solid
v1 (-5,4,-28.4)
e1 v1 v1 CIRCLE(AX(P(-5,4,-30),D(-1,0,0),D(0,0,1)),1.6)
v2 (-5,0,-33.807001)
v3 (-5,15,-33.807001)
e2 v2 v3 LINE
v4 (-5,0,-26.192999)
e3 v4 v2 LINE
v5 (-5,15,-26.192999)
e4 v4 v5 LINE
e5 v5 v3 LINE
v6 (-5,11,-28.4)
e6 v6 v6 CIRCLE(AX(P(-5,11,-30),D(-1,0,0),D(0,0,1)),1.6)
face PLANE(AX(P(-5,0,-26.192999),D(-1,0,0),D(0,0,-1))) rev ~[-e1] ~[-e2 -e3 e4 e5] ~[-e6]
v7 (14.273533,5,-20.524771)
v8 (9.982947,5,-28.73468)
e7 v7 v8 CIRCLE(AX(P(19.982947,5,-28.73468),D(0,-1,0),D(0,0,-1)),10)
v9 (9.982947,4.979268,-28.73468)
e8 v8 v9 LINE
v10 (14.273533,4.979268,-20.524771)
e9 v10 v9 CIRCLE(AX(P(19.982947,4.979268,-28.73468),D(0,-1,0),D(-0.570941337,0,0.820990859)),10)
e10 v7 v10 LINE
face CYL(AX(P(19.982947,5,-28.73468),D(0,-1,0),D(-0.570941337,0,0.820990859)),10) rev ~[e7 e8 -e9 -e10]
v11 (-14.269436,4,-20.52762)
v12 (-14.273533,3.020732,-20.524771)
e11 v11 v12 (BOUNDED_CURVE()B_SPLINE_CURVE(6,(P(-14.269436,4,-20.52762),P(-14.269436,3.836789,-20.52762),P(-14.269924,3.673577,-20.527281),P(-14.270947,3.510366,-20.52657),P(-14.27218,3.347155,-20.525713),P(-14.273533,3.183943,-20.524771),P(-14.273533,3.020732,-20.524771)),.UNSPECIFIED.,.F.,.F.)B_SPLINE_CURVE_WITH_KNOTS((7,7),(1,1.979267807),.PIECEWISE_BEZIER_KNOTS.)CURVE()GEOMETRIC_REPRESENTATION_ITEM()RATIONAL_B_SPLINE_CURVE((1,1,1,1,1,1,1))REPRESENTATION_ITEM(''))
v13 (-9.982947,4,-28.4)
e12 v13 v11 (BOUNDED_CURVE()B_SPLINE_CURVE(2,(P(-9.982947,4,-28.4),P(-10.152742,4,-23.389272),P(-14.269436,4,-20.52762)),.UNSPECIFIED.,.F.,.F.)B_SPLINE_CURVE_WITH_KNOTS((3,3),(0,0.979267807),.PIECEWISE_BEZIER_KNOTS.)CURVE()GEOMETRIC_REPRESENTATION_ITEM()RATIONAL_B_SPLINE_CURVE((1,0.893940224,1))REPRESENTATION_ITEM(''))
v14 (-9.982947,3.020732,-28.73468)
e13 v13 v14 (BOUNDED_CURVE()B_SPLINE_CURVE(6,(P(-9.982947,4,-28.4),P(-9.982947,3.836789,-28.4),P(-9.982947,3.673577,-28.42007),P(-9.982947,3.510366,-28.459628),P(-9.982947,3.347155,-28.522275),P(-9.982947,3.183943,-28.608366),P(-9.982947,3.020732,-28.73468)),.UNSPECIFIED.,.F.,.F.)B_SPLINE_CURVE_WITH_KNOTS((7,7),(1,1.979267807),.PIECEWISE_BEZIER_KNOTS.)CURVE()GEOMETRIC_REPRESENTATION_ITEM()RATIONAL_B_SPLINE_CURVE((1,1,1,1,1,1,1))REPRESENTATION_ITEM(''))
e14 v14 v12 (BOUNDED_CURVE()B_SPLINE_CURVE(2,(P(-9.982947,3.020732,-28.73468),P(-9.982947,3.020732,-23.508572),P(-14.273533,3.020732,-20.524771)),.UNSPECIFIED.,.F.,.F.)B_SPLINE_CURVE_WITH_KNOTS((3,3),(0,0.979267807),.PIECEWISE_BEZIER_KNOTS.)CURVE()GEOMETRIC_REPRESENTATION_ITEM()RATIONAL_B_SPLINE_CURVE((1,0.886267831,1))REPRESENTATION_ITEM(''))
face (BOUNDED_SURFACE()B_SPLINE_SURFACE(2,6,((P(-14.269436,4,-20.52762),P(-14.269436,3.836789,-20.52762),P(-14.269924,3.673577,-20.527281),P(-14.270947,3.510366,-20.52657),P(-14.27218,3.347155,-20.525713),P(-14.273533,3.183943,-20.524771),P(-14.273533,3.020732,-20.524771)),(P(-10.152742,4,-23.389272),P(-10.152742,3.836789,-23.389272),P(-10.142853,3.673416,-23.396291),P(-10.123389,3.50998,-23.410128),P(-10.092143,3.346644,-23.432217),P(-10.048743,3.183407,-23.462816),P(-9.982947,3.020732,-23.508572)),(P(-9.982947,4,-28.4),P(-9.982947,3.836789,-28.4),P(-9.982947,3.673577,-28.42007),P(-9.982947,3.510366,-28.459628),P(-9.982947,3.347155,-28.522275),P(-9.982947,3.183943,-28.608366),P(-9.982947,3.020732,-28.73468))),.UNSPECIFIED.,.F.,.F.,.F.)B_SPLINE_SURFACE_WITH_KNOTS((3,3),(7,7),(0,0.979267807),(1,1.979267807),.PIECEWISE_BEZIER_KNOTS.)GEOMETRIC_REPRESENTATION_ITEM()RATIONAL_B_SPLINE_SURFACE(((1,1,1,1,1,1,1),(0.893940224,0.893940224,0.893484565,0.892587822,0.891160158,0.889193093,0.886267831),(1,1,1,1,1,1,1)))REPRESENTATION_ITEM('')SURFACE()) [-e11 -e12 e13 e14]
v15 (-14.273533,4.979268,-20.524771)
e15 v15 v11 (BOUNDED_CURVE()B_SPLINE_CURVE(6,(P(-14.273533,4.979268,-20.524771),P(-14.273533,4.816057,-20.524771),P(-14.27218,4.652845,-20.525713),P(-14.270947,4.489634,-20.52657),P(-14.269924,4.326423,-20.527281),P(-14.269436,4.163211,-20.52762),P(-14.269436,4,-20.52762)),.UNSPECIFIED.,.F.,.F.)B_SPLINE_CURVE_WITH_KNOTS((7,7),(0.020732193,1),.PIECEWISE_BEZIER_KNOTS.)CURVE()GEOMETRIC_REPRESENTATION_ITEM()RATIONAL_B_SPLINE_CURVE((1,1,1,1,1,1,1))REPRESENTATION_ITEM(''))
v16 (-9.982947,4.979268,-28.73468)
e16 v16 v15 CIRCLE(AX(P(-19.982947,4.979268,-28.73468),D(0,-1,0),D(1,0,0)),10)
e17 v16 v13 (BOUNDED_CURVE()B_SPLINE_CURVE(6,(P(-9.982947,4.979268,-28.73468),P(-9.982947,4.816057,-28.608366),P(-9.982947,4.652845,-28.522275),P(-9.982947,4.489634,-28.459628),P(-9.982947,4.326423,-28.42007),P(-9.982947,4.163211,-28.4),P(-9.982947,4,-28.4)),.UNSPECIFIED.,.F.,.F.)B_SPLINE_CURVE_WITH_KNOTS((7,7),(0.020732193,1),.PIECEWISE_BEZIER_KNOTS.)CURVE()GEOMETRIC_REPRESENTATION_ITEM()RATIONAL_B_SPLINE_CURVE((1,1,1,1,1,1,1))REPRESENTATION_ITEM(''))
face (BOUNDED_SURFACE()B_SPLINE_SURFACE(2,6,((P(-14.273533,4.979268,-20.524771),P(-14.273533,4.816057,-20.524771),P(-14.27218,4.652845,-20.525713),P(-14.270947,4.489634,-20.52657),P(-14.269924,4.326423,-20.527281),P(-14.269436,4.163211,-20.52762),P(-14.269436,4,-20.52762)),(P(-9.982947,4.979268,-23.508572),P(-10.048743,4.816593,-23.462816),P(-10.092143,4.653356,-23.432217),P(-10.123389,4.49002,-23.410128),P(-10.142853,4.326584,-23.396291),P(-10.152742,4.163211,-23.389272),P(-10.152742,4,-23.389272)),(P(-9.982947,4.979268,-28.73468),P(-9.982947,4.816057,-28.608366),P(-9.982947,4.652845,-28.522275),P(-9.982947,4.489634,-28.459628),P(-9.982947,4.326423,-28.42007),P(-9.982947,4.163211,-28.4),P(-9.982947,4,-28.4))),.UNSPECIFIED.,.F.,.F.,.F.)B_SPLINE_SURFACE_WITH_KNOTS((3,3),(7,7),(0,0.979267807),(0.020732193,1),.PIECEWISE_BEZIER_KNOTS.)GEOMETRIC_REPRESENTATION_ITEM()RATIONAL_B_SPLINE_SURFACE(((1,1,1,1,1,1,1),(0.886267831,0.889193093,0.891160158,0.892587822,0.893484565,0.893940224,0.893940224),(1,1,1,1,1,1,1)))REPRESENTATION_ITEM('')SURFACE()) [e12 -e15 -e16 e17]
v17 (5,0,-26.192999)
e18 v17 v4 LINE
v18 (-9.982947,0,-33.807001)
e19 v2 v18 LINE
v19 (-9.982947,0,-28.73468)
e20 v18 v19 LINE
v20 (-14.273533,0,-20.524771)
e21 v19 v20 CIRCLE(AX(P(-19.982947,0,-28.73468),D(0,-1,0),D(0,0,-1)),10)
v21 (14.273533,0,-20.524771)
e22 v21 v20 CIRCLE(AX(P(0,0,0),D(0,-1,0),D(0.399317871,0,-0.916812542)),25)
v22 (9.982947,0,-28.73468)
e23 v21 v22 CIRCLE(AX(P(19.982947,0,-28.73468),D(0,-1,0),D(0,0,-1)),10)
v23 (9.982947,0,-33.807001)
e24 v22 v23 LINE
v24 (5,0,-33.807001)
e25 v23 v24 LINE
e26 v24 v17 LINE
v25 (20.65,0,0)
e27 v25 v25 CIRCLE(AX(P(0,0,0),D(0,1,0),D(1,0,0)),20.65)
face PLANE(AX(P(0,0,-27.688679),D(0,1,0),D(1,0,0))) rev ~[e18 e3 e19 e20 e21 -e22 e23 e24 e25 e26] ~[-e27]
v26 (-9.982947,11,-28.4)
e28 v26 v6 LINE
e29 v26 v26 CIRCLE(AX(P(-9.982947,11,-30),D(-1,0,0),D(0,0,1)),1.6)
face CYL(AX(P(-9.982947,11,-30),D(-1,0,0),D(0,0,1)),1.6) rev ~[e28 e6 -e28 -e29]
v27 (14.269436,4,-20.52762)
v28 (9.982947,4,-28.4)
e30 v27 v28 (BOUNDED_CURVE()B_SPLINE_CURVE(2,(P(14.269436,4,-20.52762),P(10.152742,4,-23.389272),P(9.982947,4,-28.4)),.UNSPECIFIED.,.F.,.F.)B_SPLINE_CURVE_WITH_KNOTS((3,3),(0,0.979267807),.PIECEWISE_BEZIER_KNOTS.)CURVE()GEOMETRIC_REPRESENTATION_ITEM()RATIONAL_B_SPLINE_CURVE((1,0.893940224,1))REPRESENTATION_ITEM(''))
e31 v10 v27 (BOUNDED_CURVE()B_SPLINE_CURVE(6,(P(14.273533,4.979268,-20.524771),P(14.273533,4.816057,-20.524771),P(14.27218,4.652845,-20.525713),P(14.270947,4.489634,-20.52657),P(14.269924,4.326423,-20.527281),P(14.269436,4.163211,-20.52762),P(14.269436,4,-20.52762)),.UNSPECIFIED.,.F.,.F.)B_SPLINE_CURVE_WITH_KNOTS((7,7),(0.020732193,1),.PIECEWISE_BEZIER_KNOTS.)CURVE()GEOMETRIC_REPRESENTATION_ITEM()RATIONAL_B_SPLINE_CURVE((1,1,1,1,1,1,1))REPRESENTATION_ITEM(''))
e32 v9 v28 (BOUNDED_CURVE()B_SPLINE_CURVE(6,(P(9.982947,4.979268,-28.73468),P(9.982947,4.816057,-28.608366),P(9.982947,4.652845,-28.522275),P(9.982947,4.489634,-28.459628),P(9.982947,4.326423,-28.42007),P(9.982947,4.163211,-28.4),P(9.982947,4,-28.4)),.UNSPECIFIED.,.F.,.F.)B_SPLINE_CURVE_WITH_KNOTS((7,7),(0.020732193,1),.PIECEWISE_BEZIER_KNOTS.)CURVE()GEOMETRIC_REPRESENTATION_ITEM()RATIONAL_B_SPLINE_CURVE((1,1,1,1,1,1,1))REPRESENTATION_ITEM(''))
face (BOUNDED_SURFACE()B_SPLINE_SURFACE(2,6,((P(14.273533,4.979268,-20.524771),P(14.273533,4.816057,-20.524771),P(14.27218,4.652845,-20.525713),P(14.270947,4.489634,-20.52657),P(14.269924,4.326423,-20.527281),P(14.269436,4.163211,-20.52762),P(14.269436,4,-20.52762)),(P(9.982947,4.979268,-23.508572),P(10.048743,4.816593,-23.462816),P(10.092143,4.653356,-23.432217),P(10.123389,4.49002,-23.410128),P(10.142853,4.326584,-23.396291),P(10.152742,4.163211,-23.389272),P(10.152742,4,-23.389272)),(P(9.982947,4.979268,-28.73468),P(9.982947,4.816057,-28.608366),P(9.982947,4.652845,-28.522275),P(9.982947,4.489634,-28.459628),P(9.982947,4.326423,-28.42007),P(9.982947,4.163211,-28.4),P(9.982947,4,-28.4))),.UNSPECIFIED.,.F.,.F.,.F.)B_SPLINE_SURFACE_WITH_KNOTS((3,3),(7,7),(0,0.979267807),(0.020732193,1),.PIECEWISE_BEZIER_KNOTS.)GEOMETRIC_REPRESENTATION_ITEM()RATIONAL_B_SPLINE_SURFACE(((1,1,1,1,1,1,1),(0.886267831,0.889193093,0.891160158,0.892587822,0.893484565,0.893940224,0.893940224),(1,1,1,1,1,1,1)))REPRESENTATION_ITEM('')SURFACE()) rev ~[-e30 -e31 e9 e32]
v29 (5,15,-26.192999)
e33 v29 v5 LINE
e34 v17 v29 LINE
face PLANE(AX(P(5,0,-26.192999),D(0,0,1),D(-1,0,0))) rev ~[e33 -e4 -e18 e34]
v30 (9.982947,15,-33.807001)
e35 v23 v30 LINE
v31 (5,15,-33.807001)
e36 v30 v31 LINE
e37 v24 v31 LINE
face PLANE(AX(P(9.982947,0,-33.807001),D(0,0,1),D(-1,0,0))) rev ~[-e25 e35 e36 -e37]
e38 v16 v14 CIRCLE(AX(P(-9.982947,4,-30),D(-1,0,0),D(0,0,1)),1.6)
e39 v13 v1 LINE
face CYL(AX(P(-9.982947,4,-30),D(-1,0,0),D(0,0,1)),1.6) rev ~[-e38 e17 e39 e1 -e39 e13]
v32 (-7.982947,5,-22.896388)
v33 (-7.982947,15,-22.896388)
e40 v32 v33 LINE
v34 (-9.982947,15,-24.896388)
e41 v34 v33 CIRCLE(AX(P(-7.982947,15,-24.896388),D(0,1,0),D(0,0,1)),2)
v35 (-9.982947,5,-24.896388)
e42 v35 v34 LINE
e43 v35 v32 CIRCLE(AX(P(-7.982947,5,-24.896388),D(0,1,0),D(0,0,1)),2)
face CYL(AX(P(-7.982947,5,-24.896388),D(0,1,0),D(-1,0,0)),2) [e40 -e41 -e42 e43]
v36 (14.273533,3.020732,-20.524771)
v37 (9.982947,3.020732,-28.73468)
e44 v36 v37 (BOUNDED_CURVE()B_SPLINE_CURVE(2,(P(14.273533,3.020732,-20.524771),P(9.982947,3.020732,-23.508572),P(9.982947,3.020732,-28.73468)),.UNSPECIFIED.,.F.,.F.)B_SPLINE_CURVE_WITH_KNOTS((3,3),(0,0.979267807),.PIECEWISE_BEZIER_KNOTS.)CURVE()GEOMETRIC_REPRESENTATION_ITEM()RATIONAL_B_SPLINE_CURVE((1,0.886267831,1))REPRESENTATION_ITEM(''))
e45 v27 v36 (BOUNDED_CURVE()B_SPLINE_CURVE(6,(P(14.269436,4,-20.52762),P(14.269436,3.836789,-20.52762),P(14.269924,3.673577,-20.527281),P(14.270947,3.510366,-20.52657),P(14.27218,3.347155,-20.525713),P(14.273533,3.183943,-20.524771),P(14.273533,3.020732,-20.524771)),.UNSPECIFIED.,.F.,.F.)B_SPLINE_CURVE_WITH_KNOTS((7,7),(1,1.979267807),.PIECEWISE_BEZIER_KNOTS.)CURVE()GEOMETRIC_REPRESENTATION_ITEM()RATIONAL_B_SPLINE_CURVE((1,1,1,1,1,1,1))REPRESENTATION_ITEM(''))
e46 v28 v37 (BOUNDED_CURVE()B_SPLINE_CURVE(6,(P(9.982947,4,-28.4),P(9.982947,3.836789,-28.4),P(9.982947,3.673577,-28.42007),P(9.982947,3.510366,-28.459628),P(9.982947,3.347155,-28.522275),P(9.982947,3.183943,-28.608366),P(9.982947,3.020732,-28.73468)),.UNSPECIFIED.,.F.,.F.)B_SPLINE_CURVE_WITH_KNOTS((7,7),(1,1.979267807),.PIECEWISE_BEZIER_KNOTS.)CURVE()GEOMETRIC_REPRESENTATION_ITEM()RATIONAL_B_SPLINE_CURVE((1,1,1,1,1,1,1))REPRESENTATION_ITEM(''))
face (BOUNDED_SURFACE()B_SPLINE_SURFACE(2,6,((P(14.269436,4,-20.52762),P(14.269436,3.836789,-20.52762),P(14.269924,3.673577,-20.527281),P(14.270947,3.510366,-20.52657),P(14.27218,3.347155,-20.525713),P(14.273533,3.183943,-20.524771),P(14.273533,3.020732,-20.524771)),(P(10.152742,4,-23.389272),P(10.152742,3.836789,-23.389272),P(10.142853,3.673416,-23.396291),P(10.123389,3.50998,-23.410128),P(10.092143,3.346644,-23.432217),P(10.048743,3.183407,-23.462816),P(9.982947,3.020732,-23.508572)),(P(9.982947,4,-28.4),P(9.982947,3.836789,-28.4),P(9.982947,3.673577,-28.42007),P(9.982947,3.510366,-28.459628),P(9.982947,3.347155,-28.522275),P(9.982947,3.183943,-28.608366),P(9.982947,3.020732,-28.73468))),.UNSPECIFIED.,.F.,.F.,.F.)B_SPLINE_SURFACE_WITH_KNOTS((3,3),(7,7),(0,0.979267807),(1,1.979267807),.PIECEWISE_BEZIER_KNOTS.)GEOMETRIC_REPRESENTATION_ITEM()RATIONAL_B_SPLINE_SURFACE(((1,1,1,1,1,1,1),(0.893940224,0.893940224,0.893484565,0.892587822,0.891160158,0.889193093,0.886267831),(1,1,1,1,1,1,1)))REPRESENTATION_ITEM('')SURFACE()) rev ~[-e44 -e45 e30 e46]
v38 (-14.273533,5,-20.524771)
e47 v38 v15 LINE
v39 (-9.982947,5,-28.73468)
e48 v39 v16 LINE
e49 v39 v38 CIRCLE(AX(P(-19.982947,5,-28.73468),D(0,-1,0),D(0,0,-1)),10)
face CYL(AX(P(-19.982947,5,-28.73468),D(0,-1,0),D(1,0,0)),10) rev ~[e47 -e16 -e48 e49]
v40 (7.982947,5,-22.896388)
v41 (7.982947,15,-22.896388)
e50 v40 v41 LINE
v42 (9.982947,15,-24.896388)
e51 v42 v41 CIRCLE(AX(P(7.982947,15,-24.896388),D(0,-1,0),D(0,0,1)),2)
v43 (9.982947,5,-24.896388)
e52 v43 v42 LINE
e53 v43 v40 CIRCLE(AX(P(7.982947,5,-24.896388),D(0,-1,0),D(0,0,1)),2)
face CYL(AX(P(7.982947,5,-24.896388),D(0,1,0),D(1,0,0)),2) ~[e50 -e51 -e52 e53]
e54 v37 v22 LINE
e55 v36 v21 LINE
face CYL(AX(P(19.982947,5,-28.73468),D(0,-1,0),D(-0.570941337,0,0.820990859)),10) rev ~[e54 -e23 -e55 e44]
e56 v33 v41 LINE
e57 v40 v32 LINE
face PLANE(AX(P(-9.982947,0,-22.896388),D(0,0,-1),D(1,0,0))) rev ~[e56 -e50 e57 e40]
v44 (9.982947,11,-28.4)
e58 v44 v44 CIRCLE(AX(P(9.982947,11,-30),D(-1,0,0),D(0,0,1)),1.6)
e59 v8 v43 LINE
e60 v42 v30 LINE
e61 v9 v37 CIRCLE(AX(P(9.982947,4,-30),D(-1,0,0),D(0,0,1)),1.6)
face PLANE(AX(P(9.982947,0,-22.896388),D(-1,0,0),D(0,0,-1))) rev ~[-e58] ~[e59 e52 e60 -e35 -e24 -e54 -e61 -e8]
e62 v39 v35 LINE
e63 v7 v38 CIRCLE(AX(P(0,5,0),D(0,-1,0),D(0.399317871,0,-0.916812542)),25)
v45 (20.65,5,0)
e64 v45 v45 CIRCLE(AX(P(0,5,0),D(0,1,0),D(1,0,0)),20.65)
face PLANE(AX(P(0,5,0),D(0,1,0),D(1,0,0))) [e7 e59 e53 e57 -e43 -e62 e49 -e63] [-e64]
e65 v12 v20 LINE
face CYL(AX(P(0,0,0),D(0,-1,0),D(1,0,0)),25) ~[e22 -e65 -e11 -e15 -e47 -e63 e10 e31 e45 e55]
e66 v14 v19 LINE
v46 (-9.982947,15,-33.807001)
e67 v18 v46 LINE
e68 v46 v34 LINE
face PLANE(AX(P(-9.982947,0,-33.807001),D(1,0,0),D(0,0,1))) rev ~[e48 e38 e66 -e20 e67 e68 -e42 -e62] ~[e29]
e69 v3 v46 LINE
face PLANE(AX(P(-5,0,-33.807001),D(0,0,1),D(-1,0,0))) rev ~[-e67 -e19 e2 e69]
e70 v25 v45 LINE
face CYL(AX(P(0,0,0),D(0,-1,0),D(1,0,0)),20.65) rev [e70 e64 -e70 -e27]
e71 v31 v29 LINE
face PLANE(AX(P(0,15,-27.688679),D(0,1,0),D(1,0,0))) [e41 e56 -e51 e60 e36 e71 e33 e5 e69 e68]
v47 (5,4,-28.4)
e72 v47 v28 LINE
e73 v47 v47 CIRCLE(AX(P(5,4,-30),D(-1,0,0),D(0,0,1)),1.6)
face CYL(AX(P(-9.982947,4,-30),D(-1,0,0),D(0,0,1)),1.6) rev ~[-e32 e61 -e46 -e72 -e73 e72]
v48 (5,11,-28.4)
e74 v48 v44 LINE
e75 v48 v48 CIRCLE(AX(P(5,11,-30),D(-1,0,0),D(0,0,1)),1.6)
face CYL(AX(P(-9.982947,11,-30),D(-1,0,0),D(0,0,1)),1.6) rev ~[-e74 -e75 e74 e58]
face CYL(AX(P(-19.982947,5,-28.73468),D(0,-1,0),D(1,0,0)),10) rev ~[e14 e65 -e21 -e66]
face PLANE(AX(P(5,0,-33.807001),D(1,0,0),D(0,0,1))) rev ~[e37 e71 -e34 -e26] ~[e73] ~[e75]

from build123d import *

# Parameters (mm, degrees)
SKETCH_1_R          = 25
SKETCH_1_R_2        = 20.65
EXTRUDE_1_DEPTH     = 5
EXTRUDE_2_DEPTH     = 15
SKETCH_3_R          = 1.6
CUT_EXTRUDE_1_DEPTH = 35.982946782
FILLET_1_R          = 10
FILLET_2_R          = 2


with BuildPart() as part:
    # 草图1 → 凸台-拉伸1 (new body)
    with BuildSketch(Plane(origin=(0, 0, 0), x_dir=(1, 0, 0), z_dir=(0, 1, 0))):
        Circle(SKETCH_1_R)
        Circle(SKETCH_1_R_2, mode=Mode.SUBTRACT)
    extrude(amount=EXTRUDE_1_DEPTH)

    # 草图2 → 凸台-拉伸2 (add)
    with BuildSketch(Plane(origin=(0, 0, 0), x_dir=(1, 0, 0), z_dir=(0, 1, 0))):
        Polygon((-5, 33.807000777), (-9.982946782, 33.807000777), (-9.982946782, 22.896387671), (9.982946782, 22.896387671), (9.982946782, 33.807000777), (5, 33.807000777), (5, 26.192999223), (-5, 26.192999223), align=None)
    extrude(amount=EXTRUDE_2_DEPTH)

    # 草图3 → 切除-拉伸1 (cut, through all)
    with BuildSketch(Plane.ZY.offset(9.982946782)):
        with Locations((-30, 4)):
            Circle(SKETCH_3_R)
        with Locations((-30, 11)):
            Circle(SKETCH_3_R)
    extrude(amount=-CUT_EXTRUDE_1_DEPTH, mode=Mode.SUBTRACT)

    # 圆角1
    fillet_1_edges = [part.edges().sort_by_distance(p)[0] for p in [
        (9.982946782, 2.5, -22.920313557),
        (-9.982946782, 2.5, -22.920313557),
    ]]
    fillet(fillet_1_edges, radius=FILLET_1_R)

    # 圆角2
    fillet_2_edges = [part.edges().sort_by_distance(p)[0] for p in [
        (-9.982946782, 10, -22.896387671),
        (9.982946782, 10, -22.896387671),
    ]]
    fillet(fillet_2_edges, radius=FILLET_2_R)


solid = part.part
